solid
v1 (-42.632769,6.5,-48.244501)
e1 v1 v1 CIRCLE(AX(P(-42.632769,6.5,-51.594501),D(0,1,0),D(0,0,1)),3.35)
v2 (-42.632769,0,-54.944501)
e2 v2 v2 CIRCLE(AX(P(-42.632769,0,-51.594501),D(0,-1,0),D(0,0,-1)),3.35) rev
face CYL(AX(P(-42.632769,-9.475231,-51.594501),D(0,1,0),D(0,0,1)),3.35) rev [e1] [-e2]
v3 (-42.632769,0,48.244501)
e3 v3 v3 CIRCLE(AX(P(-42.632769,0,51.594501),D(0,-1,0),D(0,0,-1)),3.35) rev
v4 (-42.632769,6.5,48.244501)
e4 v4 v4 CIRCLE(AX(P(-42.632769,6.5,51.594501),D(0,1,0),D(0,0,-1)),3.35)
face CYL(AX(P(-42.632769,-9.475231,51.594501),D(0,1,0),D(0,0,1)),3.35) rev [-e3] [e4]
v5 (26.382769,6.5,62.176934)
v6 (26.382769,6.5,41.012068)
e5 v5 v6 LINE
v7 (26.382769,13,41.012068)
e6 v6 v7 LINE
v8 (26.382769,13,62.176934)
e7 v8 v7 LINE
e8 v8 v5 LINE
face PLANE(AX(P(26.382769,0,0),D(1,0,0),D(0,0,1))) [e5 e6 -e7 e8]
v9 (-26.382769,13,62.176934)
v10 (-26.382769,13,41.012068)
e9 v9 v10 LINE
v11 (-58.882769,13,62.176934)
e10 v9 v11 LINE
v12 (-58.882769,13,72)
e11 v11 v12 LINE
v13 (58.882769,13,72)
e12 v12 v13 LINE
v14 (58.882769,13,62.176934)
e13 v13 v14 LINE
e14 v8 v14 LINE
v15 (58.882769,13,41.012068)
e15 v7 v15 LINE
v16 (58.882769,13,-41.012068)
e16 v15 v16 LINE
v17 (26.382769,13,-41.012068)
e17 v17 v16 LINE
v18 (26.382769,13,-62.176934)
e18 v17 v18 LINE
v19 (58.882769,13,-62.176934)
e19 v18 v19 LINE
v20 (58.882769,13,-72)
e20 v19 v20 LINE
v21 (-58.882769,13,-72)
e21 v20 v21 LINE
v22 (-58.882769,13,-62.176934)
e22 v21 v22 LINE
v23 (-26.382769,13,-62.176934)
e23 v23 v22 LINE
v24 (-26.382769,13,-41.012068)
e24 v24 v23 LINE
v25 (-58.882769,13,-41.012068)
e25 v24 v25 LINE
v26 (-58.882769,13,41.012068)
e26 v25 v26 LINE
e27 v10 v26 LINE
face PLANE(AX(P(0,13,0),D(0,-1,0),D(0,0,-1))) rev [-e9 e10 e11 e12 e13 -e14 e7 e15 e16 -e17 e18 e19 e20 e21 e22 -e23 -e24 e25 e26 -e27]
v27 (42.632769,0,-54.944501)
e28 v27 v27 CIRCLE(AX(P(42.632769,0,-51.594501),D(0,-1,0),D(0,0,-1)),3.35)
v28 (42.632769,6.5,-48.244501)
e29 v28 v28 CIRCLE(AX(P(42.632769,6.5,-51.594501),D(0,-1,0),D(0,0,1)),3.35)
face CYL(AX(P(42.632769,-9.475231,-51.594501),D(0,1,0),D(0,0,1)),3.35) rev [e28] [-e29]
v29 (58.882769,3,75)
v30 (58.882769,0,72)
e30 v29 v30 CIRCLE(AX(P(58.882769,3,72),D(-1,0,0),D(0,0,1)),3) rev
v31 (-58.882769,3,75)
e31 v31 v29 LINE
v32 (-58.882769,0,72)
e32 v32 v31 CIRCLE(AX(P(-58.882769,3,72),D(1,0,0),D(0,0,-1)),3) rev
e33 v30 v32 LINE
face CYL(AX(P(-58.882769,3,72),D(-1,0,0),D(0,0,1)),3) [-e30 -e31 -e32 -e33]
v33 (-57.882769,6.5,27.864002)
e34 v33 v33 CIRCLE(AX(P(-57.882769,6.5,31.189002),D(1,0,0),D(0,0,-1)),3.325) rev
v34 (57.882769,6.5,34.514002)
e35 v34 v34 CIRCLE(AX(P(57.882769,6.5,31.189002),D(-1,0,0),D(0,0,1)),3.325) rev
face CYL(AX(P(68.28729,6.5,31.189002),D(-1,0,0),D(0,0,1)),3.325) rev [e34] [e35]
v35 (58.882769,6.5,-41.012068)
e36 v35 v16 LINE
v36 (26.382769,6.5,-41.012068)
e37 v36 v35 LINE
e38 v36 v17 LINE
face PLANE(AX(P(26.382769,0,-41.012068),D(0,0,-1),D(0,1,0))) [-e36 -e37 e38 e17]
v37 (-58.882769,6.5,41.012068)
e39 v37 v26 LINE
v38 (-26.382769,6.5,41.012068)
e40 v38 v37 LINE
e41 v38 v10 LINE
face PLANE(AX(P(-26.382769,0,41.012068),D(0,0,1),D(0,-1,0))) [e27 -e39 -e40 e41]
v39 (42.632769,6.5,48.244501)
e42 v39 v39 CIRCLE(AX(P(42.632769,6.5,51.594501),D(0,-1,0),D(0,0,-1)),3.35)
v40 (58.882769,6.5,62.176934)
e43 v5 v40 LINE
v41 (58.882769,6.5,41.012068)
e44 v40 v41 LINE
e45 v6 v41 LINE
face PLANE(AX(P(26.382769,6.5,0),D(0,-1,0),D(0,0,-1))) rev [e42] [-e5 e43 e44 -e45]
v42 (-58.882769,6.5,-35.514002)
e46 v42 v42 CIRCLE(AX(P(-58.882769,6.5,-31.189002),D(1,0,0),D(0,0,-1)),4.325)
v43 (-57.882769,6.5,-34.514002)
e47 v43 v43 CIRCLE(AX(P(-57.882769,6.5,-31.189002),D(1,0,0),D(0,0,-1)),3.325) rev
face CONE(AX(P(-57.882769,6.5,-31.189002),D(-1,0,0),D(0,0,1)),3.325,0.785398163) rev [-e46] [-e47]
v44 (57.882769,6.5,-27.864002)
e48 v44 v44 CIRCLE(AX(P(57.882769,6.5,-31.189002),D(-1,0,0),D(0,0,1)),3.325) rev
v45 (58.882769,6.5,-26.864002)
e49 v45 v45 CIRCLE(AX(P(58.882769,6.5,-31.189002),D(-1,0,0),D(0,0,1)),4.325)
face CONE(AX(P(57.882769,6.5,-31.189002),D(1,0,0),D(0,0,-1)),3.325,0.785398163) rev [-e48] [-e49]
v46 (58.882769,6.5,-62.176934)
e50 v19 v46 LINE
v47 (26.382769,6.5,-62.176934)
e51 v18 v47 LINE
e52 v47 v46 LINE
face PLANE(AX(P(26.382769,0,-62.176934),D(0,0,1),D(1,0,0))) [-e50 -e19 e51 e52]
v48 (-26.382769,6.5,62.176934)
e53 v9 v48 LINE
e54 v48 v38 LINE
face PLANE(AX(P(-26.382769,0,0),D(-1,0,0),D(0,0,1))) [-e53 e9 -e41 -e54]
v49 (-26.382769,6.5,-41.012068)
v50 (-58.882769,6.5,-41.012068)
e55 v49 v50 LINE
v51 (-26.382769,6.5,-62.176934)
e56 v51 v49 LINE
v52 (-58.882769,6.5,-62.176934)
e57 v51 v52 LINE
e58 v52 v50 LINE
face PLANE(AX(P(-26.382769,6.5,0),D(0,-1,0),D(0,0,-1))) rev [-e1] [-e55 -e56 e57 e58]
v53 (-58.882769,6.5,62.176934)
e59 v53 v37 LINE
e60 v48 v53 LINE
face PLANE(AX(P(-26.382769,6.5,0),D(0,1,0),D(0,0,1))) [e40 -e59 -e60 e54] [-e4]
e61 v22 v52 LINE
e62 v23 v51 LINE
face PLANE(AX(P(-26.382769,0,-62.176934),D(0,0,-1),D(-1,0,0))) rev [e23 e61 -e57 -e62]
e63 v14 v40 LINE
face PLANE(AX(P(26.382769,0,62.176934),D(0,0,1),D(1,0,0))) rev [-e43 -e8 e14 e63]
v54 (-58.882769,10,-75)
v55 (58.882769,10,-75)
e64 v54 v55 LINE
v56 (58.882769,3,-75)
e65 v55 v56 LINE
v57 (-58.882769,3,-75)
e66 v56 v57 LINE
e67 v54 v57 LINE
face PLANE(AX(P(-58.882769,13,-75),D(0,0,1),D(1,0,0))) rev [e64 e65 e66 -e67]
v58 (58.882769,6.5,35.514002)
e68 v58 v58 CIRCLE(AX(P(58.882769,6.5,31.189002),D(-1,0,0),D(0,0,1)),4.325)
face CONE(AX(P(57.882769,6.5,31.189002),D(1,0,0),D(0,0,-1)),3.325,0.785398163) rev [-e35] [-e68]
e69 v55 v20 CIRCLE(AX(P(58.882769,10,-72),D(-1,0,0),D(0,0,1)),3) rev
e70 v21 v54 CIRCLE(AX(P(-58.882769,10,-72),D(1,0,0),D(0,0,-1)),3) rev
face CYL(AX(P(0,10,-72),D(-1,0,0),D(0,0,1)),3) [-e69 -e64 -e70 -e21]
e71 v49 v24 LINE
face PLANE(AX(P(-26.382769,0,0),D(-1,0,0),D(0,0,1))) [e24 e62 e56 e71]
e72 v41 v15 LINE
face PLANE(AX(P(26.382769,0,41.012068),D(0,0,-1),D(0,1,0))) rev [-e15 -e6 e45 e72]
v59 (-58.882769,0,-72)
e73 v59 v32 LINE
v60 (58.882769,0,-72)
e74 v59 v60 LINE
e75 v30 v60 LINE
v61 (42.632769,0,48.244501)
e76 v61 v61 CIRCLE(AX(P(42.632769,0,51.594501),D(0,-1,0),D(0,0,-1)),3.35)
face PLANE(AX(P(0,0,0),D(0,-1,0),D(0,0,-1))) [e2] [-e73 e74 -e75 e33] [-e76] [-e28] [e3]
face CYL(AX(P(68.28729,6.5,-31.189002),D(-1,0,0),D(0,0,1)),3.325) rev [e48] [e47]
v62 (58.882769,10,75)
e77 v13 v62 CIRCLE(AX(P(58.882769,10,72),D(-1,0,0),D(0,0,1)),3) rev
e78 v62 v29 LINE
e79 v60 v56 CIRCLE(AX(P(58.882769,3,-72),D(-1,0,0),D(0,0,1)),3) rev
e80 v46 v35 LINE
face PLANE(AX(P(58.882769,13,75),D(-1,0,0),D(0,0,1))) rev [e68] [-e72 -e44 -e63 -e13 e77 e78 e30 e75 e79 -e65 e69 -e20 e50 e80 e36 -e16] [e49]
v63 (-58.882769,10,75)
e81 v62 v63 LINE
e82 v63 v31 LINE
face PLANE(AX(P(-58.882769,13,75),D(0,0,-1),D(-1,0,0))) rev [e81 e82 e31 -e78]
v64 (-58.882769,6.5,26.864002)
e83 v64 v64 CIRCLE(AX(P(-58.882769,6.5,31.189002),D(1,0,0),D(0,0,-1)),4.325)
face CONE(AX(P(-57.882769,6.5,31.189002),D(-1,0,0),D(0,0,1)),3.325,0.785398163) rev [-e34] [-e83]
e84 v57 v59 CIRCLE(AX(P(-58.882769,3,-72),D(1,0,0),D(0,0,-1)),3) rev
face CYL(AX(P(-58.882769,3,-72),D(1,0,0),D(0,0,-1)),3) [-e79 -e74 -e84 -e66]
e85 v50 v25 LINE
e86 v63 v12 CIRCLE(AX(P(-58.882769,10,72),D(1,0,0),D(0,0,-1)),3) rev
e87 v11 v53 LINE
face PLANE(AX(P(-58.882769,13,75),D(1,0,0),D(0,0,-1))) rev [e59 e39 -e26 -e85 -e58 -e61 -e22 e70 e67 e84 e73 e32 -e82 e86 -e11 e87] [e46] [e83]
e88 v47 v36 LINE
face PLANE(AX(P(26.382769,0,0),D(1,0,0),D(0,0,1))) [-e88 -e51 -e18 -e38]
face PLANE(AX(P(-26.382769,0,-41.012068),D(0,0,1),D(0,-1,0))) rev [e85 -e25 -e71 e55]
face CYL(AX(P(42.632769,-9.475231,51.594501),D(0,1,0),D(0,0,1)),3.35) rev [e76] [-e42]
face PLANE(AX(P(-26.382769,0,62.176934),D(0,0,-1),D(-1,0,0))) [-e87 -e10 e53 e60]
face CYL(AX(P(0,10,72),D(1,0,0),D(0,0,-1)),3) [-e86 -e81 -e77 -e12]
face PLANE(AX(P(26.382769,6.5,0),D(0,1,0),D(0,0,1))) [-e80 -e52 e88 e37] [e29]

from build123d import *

# Parameters (mm, degrees)
SKETCH1_W           = 117.7655389
SKETCH1_H           = 150
BOSS_EXTRUDE1_DEPTH = 13
FILLET1_R           = 3
SKETCH2_W           = 21.16486665
SKETCH2_H           = 6.5
CUT_EXTRUDE1_DEPTH  = 32.5
SKETCH3_R           = 3.35
CUT_EXTRUDE2_DEPTH  = 6.5
SKETCH4_R           = 3.325
CUT_EXTRUDE3_DEPTH  = 117.765539
CHAMFER1_SIZE       = 1


with BuildPart() as part:
    # Sketch1 → Boss-Extrude1 (new body)
    with BuildSketch(Plane(origin=(0, 0, 0), x_dir=(1, 0, 0), z_dir=(0, 1, 0))):
        Rectangle(SKETCH1_W, SKETCH1_H)
    extrude(amount=BOSS_EXTRUDE1_DEPTH)

    # Fillet1
    fillet1_edges = [part.edges().sort_by_distance(p)[0] for p in [
        (0, 13, 75),
        (0, 0, 75),
        (0, 0, -75),
        (0, 13, -75),
    ]]
    fillet(fillet1_edges, radius=FILLET1_R)

    # Sketch2 → Cut-Extrude1 (cut)
    with BuildSketch(Plane.ZY.offset(58.88276945)):
        with Locations((-51.59450088, 9.75)):
            Rectangle(SKETCH2_W, SKETCH2_H)
        with Locations((51.59450088, 9.75)):
            Rectangle(SKETCH2_W, SKETCH2_H)
    cut_extrude1 = extrude(amount=-CUT_EXTRUDE1_DEPTH, mode=Mode.SUBTRACT)

    # Sketch3 → Cut-Extrude2 (cut)
    with BuildSketch(Plane(origin=(0, 6.5, 0), x_dir=(1, 0, 0), z_dir=(0, 1, 0))):
        with Locations((-42.63276945, 51.59450088)):
            Circle(SKETCH3_R)
        with Locations((-42.63276945, -51.59450088)):
            Circle(SKETCH3_R)
    cut_extrude2 = extrude(amount=-CUT_EXTRUDE2_DEPTH, mode=Mode.SUBTRACT)

    # Mirror1: Cut-Extrude1, Cut-Extrude2 across plane
    add(cut_extrude1.mirror(Plane(origin=(0, 0, 0), x_dir=(0, 0, 1), z_dir=(1, 0, 0))), mode=Mode.SUBTRACT)
    add(cut_extrude2.mirror(Plane(origin=(0, 0, 0), x_dir=(0, 0, 1), z_dir=(1, 0, 0))), mode=Mode.SUBTRACT)

    # Sketch4 → Cut-Extrude3 (cut)
    with BuildSketch(Plane.ZY.offset(58.88276945)):
        with Locations((31.18900176, 6.5)):
            Circle(SKETCH4_R)
        with Locations((-31.18900176, 6.5)):
            Circle(SKETCH4_R)
    extrude(amount=-CUT_EXTRUDE3_DEPTH, mode=Mode.SUBTRACT)

    # Chamfer1
    chamfer1_edges = [part.edges().sort_by_distance(p)[0] for p in [
        (-58.88276945, 6.5, 27.86400176),
        (58.88276955, 6.5, 27.86400176),
        (-58.88276945, 6.5, -34.51400176),
        (58.88276955, 6.5, -34.51400176),
    ]]
    chamfer(chamfer1_edges, length=CHAMFER1_SIZE)


solid = part.part
